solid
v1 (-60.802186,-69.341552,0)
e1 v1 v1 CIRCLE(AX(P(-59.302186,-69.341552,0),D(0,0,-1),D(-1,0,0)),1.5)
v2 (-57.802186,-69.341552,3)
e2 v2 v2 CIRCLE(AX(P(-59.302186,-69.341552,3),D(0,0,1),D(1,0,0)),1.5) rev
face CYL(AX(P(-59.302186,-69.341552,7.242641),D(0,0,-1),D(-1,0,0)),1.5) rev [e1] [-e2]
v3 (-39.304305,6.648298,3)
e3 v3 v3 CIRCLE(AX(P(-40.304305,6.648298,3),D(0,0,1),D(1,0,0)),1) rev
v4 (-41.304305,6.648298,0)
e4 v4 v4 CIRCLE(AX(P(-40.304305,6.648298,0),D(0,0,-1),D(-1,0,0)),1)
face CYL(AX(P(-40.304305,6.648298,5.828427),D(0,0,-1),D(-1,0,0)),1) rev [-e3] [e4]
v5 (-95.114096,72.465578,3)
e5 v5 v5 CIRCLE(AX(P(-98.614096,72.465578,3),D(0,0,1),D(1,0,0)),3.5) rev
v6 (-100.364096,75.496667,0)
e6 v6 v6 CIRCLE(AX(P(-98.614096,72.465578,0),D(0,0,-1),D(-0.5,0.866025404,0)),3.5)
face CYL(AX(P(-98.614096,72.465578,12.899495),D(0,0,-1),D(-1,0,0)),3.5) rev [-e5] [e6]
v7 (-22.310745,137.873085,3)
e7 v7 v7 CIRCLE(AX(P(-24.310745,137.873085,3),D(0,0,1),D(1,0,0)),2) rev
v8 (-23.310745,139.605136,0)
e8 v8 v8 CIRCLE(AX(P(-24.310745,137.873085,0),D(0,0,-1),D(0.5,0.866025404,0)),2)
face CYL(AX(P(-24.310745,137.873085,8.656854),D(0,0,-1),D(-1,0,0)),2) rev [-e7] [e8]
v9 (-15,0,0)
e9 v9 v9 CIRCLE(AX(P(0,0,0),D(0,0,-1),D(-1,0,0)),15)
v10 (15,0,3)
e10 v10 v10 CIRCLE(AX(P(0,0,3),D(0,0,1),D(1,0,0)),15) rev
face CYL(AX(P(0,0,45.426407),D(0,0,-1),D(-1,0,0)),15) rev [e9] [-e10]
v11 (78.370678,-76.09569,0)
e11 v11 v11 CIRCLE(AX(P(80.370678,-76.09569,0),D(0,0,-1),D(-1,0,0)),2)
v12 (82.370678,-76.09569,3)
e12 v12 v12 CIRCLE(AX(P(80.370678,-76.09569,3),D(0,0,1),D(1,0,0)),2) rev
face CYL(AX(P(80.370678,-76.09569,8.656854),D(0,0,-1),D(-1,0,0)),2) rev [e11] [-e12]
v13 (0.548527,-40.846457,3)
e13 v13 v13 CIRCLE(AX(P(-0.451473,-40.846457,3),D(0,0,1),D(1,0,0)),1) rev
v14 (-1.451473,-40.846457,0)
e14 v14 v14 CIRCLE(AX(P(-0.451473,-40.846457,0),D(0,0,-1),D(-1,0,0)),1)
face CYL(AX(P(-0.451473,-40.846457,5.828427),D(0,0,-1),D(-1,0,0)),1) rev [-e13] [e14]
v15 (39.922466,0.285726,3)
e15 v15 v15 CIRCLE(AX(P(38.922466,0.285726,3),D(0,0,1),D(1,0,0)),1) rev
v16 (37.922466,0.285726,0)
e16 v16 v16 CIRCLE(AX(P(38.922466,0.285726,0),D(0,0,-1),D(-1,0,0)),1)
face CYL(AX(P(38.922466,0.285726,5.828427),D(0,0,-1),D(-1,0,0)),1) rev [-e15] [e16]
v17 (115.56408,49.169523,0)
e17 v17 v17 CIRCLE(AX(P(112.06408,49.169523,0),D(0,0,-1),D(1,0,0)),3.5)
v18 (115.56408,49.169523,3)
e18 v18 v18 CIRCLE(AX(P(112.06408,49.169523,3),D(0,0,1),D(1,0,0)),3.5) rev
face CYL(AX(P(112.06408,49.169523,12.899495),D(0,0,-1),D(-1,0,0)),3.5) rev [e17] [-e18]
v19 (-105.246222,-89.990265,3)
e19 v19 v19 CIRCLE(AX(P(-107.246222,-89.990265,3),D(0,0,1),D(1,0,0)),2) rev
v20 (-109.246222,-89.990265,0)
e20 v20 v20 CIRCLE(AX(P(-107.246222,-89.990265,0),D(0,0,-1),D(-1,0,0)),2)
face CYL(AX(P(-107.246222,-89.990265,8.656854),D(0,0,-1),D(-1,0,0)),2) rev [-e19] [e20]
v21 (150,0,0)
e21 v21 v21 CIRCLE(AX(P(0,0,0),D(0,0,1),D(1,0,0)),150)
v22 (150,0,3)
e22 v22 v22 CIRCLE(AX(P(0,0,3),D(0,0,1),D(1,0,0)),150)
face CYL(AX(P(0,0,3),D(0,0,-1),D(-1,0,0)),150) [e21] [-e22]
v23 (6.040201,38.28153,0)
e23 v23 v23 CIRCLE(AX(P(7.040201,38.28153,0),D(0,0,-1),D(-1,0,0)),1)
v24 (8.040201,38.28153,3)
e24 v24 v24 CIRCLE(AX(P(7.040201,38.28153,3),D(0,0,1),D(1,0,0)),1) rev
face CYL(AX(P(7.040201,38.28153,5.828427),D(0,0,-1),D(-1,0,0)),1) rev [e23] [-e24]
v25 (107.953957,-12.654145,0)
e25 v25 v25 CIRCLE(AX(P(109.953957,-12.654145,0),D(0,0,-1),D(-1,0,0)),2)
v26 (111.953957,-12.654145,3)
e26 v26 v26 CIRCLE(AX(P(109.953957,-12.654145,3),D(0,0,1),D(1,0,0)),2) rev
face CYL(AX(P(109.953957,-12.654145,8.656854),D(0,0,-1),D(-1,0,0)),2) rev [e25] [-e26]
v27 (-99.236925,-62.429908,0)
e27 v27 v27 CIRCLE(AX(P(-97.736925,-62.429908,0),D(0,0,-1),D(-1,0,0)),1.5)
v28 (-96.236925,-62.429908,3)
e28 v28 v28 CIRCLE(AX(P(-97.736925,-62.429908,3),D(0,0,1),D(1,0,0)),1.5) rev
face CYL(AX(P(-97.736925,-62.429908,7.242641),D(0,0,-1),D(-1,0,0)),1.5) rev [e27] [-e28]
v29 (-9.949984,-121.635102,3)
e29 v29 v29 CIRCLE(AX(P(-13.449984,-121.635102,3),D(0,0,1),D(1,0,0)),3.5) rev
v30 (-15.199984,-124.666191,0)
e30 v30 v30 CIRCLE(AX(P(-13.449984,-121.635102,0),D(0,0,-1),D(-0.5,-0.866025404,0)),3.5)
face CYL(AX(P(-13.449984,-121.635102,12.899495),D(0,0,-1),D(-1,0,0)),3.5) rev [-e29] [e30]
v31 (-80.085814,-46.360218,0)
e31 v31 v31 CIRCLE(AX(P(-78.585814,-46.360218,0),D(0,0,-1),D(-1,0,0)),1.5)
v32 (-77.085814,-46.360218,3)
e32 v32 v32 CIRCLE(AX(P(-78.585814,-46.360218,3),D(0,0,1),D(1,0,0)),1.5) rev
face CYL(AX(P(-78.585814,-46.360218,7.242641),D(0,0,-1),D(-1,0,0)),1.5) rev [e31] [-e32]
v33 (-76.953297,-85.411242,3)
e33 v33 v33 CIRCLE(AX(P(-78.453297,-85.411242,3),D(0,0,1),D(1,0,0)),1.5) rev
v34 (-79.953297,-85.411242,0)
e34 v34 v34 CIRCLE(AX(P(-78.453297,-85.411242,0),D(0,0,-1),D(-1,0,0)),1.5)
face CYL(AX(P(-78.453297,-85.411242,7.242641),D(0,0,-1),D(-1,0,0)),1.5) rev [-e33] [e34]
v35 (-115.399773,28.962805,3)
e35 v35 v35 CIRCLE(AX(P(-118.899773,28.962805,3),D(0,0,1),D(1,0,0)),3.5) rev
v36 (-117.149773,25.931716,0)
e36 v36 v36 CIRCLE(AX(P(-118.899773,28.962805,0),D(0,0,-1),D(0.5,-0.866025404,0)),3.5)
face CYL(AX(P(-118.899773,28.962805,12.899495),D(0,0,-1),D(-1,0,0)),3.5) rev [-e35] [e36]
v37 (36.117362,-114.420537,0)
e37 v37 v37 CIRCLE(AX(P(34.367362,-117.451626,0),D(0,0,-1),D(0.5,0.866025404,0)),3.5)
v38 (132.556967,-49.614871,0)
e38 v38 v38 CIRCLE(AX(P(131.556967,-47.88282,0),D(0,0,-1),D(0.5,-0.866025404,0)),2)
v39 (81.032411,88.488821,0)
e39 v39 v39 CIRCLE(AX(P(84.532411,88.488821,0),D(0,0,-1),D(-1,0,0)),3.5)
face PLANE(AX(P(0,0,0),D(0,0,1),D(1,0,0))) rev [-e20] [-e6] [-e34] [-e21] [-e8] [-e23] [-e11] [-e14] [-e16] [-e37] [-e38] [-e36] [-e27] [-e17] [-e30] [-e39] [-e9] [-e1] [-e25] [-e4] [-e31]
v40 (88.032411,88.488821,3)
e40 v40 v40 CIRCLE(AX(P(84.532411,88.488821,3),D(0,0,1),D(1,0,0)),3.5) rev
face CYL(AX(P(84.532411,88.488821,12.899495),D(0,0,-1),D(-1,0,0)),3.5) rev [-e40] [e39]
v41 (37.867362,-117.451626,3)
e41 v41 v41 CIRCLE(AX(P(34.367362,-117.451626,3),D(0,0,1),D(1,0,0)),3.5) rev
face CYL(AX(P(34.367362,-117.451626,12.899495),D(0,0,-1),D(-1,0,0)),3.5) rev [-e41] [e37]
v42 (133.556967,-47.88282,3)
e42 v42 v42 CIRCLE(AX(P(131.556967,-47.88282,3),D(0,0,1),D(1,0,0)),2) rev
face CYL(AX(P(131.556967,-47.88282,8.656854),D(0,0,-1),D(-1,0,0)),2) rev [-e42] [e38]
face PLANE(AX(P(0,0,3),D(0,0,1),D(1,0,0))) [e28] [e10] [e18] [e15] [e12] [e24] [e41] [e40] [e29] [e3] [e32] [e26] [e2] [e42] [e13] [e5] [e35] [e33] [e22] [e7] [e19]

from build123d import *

# Parameters (mm, degrees)
SKETCH1_R           = 150
BOSS_EXTRUDE1_DEPTH = 3
SKETCH2_R           = 3.5
CUT_EXTRUDE1_DEPTH  = 3
CIRPATTERN1_COUNT   = 3
SKETCH3_R           = 2
CUT_EXTRUDE2_DEPTH  = 3
SKETCH4_R           = 15
CUT_EXTRUDE3_DEPTH  = 3
SKETCH5_R           = 1
CUT_EXTRUDE4_DEPTH  = 3
SKETCH6_R           = 1.5
CUT_EXTRUDE5_DEPTH  = 3
SKETCH7_R           = 2
CUT_EXTRUDE6_DEPTH  = 3
CIRPATTERN2_COUNT   = 3


with BuildPart() as part:
    # Sketch1 → Boss-Extrude1 (new body)
    with BuildSketch(Plane.XY):
        Circle(SKETCH1_R)
    extrude(amount=BOSS_EXTRUDE1_DEPTH)

    # Sketch2 → Cut-Extrude1 (cut)
    with BuildSketch(Plane(origin=(0, 0, 0), x_dir=(-1, 0, 0), z_dir=(0, 0, -1))):
        with Locations((-84.532410842, 88.488821425)):
            Circle(SKETCH2_R)
        with Locations(Location((-112.064079787, 49.169523299, 0), (0, 0, 180))):
            Circle(SKETCH2_R)
    cut_extrude1 = extrude(amount=-CUT_EXTRUDE1_DEPTH, mode=Mode.SUBTRACT)

    # CirPattern1: Cut-Extrude1 ×3 about axis
    cirpattern1_axis = Axis((0, 0, 0), (0, 0, 1))
    for i in range(1, CIRPATTERN1_COUNT):
        add(cut_extrude1.rotate(cirpattern1_axis, i * 360 / CIRPATTERN1_COUNT), mode=Mode.SUBTRACT)

    # Sketch3 → Cut-Extrude2 (cut)
    with BuildSketch(Plane(origin=(0, 0, 0), x_dir=(-1, 0, 0), z_dir=(0, 0, -1))):
        with Locations((-109.9539568, -12.654144936)):
            Circle(SKETCH3_R)
        with Locations((-80.370678478, -76.095690029)):
            Circle(SKETCH3_R)
    extrude(amount=-CUT_EXTRUDE2_DEPTH, mode=Mode.SUBTRACT)

    # Sketch4 → Cut-Extrude3 (cut)
    with BuildSketch(Plane(origin=(0, 0, 0), x_dir=(-1, 0, 0), z_dir=(0, 0, -1))):
        Circle(SKETCH4_R)
    extrude(amount=-CUT_EXTRUDE3_DEPTH, mode=Mode.SUBTRACT)

    # Sketch5 → Cut-Extrude4 (cut)
    with BuildSketch(Plane(origin=(0, 0, 0), x_dir=(-1, 0, 0), z_dir=(0, 0, -1))):
        with Locations((0.451473383, -40.846457118)):
            Circle(SKETCH5_R)
        with Locations((-38.922466014, 0.285726101)):
            Circle(SKETCH5_R)
        with Locations((40.304305183, 6.648298355)):
            Circle(SKETCH5_R)
        with Locations((-7.040200573, 38.28153048)):
            Circle(SKETCH5_R)
    extrude(amount=-CUT_EXTRUDE4_DEPTH, mode=Mode.SUBTRACT)

    # Sketch6 → Cut-Extrude5 (cut)
    with BuildSketch(Plane(origin=(0, 0, 0), x_dir=(-1, 0, 0), z_dir=(0, 0, -1))):
        with Locations((59.302185735, -69.341551519)):
            Circle(SKETCH6_R)
        with Locations((78.453296813, -85.411241761)):
            Circle(SKETCH6_R)
        with Locations((97.736925104, -62.429908467)):
            Circle(SKETCH6_R)
        with Locations((78.585814026, -46.360218225)):
            Circle(SKETCH6_R)
    extrude(amount=-CUT_EXTRUDE5_DEPTH, mode=Mode.SUBTRACT)

    # Sketch7 → Cut-Extrude6 (cut)
    with BuildSketch(Plane(origin=(0, 0, 0), x_dir=(-1, 0, 0), z_dir=(0, 0, -1))):
        with Locations((107.246222037, -89.990265356)):
            Circle(SKETCH7_R)
    cut_extrude6 = extrude(amount=-CUT_EXTRUDE6_DEPTH, mode=Mode.SUBTRACT)

    # CirPattern2: Cut-Extrude6 ×3 about axis
    cirpattern2_axis = Axis((0, 0, 0), (0, 0, 1))
    for i in range(1, CIRPATTERN2_COUNT):
        add(cut_extrude6.rotate(cirpattern2_axis, i * 360 / CIRPATTERN2_COUNT), mode=Mode.SUBTRACT)


solid = part.part
